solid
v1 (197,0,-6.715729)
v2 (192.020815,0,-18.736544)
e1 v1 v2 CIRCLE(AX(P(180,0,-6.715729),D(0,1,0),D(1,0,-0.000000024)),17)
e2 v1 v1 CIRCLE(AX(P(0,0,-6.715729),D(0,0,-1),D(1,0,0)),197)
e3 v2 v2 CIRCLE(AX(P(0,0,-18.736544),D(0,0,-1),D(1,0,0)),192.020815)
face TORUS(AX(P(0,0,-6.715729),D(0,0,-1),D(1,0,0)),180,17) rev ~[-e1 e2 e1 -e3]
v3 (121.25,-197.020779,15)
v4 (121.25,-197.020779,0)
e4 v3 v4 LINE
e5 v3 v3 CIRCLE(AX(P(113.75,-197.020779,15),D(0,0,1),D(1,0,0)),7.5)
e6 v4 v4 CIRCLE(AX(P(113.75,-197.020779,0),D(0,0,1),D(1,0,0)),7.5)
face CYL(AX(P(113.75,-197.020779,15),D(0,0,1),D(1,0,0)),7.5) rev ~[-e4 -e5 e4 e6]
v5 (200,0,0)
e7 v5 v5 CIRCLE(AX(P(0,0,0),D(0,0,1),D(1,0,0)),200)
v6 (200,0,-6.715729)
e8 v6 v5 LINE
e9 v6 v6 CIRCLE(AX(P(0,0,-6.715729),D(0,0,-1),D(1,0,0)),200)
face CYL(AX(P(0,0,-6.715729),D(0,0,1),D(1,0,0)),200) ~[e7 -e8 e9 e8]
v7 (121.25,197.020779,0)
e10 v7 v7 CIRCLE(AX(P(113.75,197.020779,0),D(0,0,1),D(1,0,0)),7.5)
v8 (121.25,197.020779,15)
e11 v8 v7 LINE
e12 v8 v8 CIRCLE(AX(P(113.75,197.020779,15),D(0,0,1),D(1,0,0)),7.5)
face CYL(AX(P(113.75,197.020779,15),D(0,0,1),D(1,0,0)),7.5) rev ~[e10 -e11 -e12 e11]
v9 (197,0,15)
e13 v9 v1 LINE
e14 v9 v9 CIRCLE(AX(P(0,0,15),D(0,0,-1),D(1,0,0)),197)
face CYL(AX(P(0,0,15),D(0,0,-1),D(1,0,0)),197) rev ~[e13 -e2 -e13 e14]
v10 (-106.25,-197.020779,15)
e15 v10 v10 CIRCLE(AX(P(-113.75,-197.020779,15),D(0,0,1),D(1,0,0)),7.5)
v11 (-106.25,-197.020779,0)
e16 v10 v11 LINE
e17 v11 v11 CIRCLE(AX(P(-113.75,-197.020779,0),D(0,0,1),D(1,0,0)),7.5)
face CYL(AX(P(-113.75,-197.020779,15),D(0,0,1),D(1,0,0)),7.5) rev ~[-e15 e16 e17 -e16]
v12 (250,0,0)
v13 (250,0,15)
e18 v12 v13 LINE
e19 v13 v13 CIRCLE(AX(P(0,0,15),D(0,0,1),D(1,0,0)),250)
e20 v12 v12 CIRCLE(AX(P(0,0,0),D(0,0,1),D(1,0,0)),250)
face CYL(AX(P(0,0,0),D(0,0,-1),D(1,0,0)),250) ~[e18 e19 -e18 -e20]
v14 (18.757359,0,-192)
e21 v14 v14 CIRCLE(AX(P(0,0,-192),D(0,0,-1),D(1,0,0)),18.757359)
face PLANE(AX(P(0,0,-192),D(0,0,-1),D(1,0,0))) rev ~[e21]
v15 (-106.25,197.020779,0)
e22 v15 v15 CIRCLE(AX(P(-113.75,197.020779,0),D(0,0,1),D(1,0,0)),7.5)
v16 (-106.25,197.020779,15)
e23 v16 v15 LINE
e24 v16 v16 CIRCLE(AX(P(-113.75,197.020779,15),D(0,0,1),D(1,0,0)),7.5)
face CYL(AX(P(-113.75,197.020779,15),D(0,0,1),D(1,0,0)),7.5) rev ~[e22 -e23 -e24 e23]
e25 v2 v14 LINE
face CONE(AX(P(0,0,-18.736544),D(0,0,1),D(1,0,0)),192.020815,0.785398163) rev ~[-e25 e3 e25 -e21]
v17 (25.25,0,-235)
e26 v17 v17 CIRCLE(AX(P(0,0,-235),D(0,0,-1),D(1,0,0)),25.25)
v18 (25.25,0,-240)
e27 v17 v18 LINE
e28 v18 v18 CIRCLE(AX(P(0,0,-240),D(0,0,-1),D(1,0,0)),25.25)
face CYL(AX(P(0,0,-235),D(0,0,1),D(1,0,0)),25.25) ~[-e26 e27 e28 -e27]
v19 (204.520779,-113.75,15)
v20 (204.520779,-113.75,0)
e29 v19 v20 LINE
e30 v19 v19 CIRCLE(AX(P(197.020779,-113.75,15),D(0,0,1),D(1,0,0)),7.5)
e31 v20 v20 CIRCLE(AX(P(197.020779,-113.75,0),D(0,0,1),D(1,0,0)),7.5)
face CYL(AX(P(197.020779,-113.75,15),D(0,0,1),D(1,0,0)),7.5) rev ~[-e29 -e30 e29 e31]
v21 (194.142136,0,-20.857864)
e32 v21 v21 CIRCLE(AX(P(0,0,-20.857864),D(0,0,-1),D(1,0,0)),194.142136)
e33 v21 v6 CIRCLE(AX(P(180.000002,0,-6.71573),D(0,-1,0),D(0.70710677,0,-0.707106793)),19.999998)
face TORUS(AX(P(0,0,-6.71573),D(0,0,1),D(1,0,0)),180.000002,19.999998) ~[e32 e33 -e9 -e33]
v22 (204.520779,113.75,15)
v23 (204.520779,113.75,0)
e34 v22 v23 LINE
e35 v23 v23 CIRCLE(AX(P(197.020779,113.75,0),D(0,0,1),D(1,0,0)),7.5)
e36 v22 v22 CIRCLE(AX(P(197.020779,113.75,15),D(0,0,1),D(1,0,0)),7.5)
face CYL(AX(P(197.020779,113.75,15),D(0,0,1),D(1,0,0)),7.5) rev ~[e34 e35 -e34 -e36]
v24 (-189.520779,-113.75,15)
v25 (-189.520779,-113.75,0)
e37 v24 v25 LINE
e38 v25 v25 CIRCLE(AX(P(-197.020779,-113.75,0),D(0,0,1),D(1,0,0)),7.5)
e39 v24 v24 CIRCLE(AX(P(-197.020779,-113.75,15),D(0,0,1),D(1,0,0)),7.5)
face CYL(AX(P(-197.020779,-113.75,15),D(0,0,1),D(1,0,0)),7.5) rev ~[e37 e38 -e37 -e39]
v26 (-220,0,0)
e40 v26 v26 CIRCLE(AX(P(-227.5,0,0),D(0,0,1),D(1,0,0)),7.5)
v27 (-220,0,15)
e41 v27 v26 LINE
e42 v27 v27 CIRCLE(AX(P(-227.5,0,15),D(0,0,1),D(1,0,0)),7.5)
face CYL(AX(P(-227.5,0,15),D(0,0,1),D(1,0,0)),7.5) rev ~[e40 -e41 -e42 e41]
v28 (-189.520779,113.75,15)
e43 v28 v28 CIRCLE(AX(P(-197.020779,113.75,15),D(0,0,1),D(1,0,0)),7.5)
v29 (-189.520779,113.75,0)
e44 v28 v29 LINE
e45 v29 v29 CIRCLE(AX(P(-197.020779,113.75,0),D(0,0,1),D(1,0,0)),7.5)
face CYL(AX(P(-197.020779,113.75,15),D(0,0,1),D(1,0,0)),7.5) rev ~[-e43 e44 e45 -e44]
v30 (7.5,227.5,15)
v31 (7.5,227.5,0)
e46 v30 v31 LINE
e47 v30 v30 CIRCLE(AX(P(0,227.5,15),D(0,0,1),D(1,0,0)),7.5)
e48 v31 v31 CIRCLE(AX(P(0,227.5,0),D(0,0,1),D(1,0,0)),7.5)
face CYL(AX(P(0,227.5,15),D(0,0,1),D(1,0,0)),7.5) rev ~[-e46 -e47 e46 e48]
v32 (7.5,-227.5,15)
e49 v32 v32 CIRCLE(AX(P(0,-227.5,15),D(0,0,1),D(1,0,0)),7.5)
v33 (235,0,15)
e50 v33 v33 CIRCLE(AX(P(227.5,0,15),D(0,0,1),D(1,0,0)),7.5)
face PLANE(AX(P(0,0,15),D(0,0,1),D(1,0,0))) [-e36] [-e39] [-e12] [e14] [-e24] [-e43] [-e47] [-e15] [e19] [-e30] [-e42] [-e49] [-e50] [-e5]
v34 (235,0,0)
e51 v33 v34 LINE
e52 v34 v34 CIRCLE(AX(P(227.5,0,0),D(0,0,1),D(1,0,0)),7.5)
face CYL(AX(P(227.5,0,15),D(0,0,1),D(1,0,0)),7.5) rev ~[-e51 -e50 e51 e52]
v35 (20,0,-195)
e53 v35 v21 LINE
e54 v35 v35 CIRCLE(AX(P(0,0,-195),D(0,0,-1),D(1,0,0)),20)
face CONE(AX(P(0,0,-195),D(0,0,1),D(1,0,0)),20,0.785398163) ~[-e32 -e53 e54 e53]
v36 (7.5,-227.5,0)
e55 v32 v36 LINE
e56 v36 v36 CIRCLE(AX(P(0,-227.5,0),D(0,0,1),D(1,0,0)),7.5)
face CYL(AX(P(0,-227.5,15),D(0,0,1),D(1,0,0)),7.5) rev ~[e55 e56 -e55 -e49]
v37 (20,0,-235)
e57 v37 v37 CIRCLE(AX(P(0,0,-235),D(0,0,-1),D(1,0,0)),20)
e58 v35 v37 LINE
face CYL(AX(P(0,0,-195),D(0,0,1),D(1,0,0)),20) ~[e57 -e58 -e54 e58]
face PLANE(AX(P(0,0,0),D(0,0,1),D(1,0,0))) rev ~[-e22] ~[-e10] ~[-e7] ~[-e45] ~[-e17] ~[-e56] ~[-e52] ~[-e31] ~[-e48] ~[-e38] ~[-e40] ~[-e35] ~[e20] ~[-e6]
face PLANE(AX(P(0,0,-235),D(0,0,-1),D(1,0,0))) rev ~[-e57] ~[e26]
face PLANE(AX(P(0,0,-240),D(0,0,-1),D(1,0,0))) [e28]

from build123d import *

# Parameters (mm, degrees)
F0_R     = 250
F0_R_2   = 200
F1_DEPTH = 15
F4_R     = 7.5
F5_DEPTH = 15
F6_R     = 20
F7_DEPTH = 40
F8_R     = 25.25
F9_DEPTH = 5


with BuildPart() as f1:
    # F0 (on Top) → F1 (new body)
    with BuildSketch(Plane.XY):
        Circle(F0_R)
        Circle(F0_R_2, mode=Mode.SUBTRACT)
    extrude(amount=F1_DEPTH)

    # F2 (on Front) → F3 (revolve)
    with BuildSketch(Plane.XZ):
        with BuildLine():
            Line((200, -6.715729), (200, 15))
            Line((200, 15), (197, 15))
            Line((197, 15), (197, -6.715729))
            ThreePointArc((197, -6.715729), (195.705952, -13.221347), (192.020815, -18.736544))
            Line((192.020815, -18.736544), (18.757359, -192))
            Line((18.757359, -192), (0, -192))
            Line((0, -192), (0, -195))
            Line((0, -195), (20, -195))
            Line((20, -195), (194.142136, -20.857864))
            ThreePointArc((194.142136, -20.857864), (198.477591, -14.369397), (200, -6.715729))
        make_face()
    revolve(axis=Axis((0, 0, -193.5), (0, 0, -1)))

    # F4 (on face) → F5 (cut, through all)
    with BuildSketch(Plane.XY.offset(15)):
        with Locations((227.5, 0)):
            Circle(F4_R)
        with Locations((197.020779, 113.75)):
            Circle(F4_R)
        with Locations((113.75, 197.020779)):
            Circle(F4_R)
        with Locations((0, 227.5)):
            Circle(F4_R)
        with Locations((-113.75, 197.020779)):
            Circle(F4_R)
        with Locations((-197.020779, 113.75)):
            Circle(F4_R)
        with Locations((-227.5, 0)):
            Circle(F4_R)
        with Locations((-197.020779, -113.75)):
            Circle(F4_R)
        with Locations((-113.75, -197.020779)):
            Circle(F4_R)
        with Locations((0, -227.5)):
            Circle(F4_R)
        with Locations((113.75, -197.020779)):
            Circle(F4_R)
        with Locations((197.020779, -113.75)):
            Circle(F4_R)
    extrude(amount=-F5_DEPTH, mode=Mode.SUBTRACT)

    # F6 (on face) → F7 (join)
    with BuildSketch(Plane(origin=(0, 0, -195), x_dir=(1, 0, 0), z_dir=(0, 0, -1))):
        Circle(F6_R)
    extrude(amount=F7_DEPTH)

    # F8 (on face) → F9 (join)
    with BuildSketch(Plane(origin=(0, 0, -235), x_dir=(1, 0, 0), z_dir=(0, 0, -1))):
        Circle(F8_R)
    extrude(amount=F9_DEPTH)


solid = f1.part
